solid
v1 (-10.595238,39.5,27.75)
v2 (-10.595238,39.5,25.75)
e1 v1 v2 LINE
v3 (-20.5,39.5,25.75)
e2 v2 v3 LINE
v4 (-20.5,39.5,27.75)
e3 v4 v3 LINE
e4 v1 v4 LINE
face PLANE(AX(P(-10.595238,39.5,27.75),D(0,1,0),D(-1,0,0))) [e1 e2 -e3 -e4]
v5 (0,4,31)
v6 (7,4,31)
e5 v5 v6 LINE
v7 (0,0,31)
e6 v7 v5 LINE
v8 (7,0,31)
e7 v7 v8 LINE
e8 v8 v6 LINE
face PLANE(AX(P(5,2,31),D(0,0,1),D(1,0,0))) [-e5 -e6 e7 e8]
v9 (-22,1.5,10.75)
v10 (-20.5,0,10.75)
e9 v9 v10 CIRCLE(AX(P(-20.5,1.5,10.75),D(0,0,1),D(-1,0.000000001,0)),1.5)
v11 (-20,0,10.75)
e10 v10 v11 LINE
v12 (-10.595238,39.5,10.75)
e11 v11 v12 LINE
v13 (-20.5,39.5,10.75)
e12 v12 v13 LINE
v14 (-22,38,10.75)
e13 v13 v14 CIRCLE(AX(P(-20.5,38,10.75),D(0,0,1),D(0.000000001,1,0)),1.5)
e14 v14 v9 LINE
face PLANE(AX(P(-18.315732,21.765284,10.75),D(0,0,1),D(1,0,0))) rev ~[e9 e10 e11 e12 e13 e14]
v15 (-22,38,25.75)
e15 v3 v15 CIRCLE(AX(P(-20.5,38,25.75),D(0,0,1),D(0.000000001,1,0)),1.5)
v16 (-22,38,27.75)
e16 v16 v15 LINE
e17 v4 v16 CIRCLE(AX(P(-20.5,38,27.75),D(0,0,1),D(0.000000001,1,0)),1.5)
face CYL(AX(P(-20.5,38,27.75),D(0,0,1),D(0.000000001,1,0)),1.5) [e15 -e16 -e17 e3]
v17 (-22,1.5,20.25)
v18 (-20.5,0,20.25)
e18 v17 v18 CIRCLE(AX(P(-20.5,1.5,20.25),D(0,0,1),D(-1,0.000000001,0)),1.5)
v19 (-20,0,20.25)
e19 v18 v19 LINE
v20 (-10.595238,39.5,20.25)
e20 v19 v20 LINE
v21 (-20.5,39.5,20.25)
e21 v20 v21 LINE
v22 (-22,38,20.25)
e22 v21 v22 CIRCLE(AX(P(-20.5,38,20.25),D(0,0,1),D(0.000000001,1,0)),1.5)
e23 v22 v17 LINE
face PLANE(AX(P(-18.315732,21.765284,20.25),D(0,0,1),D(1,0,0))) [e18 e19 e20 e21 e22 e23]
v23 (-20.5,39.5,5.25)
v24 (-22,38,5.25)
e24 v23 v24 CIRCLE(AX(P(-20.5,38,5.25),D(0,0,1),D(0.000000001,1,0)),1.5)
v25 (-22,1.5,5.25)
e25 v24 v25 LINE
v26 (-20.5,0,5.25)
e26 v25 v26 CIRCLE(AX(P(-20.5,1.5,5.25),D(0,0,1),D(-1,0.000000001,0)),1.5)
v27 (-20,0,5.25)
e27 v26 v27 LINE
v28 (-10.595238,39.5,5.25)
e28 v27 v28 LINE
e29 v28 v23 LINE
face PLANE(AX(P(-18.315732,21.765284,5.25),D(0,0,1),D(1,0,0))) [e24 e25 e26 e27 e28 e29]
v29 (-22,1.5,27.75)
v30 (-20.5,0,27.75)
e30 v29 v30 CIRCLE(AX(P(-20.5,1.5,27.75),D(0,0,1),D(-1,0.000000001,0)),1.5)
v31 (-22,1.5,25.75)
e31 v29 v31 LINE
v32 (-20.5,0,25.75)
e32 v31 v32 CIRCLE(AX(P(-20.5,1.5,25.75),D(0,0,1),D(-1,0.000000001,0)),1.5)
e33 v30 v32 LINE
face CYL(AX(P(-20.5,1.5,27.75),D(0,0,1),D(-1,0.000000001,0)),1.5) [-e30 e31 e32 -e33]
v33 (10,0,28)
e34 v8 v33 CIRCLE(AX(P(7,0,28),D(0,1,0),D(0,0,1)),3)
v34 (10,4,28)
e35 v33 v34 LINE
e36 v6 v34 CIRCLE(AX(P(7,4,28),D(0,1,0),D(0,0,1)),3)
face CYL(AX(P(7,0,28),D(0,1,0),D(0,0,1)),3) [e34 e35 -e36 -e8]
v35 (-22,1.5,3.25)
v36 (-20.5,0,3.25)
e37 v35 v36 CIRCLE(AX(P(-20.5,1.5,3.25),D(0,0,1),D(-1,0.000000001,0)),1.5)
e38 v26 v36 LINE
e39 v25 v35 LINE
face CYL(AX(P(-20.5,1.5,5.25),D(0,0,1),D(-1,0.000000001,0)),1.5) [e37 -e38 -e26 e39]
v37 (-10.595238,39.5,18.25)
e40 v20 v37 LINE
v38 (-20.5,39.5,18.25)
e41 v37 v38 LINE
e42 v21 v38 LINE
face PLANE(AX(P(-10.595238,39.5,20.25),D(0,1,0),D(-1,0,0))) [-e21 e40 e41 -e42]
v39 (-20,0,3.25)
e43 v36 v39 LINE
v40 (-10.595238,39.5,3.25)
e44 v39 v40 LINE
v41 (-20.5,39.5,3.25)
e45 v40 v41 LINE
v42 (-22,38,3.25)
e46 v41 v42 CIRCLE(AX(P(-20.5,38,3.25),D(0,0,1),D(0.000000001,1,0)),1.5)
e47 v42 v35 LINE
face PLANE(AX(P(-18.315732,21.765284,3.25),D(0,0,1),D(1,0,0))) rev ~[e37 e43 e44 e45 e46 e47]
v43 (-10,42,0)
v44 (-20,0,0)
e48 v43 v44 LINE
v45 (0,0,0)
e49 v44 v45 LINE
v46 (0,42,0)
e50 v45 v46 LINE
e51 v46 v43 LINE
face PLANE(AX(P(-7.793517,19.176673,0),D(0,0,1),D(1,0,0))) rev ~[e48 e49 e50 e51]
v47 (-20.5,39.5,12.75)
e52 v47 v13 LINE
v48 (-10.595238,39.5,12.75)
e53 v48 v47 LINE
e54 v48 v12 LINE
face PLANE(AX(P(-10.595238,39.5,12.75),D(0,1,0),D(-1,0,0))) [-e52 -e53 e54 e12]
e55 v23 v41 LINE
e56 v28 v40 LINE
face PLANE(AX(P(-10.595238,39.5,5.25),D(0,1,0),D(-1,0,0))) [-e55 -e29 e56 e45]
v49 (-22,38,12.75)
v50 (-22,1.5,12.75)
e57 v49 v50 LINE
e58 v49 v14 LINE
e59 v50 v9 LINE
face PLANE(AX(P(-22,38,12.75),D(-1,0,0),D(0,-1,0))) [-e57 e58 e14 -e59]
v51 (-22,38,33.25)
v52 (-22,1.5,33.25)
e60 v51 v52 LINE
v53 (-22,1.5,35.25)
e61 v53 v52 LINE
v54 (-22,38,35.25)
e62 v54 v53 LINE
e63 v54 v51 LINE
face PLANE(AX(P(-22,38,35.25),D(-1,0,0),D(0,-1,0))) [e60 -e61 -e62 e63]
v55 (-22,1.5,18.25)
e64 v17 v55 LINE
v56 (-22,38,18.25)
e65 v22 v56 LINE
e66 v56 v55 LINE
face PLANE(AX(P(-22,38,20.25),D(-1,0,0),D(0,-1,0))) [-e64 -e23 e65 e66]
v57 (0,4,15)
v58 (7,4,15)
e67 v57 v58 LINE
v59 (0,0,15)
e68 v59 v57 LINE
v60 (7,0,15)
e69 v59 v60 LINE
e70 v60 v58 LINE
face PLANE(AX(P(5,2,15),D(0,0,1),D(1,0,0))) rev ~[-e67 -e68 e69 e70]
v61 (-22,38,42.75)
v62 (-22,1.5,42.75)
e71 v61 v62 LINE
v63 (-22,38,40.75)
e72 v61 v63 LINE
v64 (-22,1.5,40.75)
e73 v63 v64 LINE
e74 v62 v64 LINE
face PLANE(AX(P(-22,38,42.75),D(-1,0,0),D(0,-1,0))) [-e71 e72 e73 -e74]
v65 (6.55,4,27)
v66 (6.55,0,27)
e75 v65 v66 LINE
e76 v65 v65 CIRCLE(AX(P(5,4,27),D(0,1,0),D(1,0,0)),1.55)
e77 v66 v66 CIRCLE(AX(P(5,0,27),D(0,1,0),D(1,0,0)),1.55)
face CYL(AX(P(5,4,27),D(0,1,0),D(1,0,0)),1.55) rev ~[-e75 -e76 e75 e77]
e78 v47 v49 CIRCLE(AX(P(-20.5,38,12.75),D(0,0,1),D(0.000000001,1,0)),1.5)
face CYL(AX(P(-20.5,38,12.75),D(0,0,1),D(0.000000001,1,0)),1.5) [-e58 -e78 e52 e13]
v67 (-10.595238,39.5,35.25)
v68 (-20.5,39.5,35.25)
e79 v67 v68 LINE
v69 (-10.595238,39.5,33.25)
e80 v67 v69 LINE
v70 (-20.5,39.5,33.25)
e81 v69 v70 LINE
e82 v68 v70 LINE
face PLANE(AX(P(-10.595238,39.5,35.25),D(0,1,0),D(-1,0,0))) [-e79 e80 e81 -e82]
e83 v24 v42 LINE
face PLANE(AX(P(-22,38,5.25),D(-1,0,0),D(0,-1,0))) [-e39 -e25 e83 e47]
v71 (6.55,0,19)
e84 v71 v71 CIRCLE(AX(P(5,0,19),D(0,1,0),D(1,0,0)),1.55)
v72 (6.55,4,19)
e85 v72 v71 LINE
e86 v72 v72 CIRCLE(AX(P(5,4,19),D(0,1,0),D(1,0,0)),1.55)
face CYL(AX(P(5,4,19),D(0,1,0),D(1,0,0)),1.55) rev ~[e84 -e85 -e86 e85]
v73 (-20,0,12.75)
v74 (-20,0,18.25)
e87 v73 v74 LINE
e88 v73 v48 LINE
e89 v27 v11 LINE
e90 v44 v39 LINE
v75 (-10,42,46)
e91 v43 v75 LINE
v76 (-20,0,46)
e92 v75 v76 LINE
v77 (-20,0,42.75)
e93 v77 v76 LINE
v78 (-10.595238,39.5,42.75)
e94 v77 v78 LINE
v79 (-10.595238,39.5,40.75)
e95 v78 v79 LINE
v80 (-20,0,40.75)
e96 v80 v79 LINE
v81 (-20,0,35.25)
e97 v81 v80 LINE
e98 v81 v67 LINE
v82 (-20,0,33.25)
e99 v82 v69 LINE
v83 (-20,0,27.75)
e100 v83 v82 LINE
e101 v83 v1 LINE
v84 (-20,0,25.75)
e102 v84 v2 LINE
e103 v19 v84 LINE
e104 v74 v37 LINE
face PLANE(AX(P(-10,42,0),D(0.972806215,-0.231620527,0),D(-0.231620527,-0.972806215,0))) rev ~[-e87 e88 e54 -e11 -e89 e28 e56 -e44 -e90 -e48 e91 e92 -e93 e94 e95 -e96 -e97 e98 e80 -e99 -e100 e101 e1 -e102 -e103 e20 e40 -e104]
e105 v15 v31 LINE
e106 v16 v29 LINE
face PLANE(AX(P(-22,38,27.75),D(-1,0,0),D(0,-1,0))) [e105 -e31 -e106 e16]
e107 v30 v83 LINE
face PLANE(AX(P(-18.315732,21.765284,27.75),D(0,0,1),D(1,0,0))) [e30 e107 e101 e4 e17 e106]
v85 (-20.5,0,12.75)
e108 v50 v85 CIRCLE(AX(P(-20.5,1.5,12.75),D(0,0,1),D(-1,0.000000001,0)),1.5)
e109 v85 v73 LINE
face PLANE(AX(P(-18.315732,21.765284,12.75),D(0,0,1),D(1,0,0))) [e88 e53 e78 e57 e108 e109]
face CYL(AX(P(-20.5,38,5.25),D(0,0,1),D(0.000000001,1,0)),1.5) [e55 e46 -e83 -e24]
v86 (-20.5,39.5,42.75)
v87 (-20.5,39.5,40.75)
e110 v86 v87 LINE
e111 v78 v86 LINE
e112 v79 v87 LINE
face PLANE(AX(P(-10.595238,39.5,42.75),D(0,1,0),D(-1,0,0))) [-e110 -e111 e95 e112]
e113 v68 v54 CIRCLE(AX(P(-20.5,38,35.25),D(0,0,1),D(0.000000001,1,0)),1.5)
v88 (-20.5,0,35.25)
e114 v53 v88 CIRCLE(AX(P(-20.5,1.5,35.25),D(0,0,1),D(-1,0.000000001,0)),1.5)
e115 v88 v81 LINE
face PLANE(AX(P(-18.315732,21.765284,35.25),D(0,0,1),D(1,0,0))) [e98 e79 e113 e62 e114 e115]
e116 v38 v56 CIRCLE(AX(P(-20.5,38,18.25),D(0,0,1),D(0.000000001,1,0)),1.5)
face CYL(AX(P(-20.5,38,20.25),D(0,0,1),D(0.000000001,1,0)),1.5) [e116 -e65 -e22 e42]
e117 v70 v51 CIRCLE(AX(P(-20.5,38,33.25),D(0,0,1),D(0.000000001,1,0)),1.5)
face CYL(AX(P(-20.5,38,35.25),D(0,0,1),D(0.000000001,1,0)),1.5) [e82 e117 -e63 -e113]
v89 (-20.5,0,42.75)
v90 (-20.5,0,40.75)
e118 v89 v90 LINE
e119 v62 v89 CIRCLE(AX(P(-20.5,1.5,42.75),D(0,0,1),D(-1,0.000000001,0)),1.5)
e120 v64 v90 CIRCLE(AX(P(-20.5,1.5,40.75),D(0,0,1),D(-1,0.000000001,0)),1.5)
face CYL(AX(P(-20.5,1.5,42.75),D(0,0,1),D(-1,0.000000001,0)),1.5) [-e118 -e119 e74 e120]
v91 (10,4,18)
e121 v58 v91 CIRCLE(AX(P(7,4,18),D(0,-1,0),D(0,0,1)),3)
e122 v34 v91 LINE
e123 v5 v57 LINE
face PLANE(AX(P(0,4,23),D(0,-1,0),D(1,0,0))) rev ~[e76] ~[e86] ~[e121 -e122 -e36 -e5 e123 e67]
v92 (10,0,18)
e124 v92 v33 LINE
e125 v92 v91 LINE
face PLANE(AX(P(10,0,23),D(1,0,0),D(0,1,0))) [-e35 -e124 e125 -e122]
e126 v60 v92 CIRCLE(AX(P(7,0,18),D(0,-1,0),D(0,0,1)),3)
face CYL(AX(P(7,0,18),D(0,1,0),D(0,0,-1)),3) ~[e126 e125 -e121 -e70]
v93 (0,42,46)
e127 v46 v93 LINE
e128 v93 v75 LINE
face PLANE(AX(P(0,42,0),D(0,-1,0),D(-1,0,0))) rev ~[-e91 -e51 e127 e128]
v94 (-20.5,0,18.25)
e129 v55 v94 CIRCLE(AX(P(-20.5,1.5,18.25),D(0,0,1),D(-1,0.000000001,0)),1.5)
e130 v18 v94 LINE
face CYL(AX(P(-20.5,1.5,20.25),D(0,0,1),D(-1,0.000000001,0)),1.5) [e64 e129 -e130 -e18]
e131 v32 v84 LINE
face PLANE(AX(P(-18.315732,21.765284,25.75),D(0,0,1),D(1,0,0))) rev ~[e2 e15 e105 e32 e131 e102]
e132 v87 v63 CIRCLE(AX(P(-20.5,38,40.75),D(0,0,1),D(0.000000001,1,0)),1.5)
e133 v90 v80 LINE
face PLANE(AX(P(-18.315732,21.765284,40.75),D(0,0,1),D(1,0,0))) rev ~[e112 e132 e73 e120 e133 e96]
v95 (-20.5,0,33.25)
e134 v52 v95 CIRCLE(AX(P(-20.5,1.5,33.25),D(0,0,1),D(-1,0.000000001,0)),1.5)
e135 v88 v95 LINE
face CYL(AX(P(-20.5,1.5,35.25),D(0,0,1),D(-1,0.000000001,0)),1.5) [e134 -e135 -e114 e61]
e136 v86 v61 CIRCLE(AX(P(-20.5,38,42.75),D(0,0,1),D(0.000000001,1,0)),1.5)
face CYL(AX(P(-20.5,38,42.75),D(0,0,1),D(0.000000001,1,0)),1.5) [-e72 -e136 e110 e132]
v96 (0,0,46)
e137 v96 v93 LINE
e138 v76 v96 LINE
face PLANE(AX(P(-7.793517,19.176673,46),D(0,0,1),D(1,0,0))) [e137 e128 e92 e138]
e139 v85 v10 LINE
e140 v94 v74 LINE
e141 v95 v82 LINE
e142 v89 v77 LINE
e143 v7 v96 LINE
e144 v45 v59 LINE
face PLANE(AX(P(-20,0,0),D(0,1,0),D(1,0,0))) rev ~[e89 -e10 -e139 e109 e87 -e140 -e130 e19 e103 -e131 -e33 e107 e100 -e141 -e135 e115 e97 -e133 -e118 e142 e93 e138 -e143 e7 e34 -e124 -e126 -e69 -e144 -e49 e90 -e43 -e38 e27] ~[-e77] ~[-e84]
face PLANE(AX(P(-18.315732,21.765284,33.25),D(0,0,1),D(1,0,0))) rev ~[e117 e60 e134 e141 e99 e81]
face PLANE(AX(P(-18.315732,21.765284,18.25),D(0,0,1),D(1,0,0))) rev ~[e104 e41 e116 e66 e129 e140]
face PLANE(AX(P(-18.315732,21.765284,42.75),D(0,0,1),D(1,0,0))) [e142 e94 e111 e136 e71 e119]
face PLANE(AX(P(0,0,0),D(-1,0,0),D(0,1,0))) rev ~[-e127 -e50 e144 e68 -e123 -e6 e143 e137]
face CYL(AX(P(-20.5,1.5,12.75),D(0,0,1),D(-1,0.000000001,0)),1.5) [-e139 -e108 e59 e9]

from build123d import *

# Parameters (mm, degrees)
BOSS_EXTRUDE1_DEPTH = 46
BOSS_EXTRUDE2_DEPTH = 2
LPATTERN1_COUNT     = 6
LPATTERN1_PITCH     = 7.5
SKETCH3_W           = 10
SKETCH3_H           = 4
BOSS_EXTRUDE3_DEPTH = 8
CUT_EXTRUDE1_REACH  = 6
SKETCH4_R           = 1.55
FILLET1_R           = 3


with BuildPart() as part:
    # Sketch1 → Boss-Extrude1 (new body)
    with BuildSketch(Plane.XY):
        Polygon((0, 0), (0, 42), (-10, 42), (-20, 0), align=None)
    extrude(amount=BOSS_EXTRUDE1_DEPTH)

    # Sketch2 → Boss-Extrude2 (add)
    with BuildSketch(Plane.XY.offset(42.75)):
        with BuildLine():
            Line((-10.595238095, 39.5), (-20.5, 39.5))
            ThreePointArc((-20.5, 39.5), (-21.560660172, 39.060660172), (-22, 38))
            Line((-22, 38), (-22, 1.5))
            ThreePointArc((-22, 1.5), (-21.560660172, 0.439339828), (-20.5, 0))
            Line((-20.5, 0), (-20, 0))
            Line((-20, 0), (-10.595238095, 39.5))
        make_face()
    boss_extrude2 = extrude(amount=-BOSS_EXTRUDE2_DEPTH)

    # LPattern1: Boss-Extrude2 ×6
    with Locations(*[(0, 0, -i * LPATTERN1_PITCH) for i in range(1, LPATTERN1_COUNT)]):
        add(boss_extrude2)

    # Sketch3 → Boss-Extrude3 (add, symmetric)
    with BuildSketch(Plane.XY.offset(23)):
        with Locations((5, 2)):
            Rectangle(SKETCH3_W, SKETCH3_H)
    extrude(amount=BOSS_EXTRUDE3_DEPTH, both=True)

    # Sketch4 → Cut-Extrude1 (cut, up to next)
    with BuildSketch(Plane(origin=(0, 4, 0), x_dir=(1, 0, 0), z_dir=(0, 1, 0)), mode=Mode.PRIVATE) as cut_extrude1_sk1:
        with Locations((5, -19)):
            Circle(SKETCH4_R)
    cut_extrude1_tool1 = extrude(cut_extrude1_sk1.sketch, amount=-CUT_EXTRUDE1_REACH, mode=Mode.PRIVATE) & part.part
    add(cut_extrude1_tool1.solids().sort_by_distance((5, 4, 19))[0], mode=Mode.SUBTRACT)
    # Sketch4 → Cut-Extrude1 (cut, up to next)
    with BuildSketch(Plane(origin=(0, 4, 0), x_dir=(1, 0, 0), z_dir=(0, 1, 0)), mode=Mode.PRIVATE) as cut_extrude1_sk2:
        with Locations((5, -27)):
            Circle(SKETCH4_R)
    cut_extrude1_tool2 = extrude(cut_extrude1_sk2.sketch, amount=-CUT_EXTRUDE1_REACH, mode=Mode.PRIVATE) & part.part
    add(cut_extrude1_tool2.solids().sort_by_distance((5, 4, 27))[0], mode=Mode.SUBTRACT)

    # Fillet1
    fillet1_edges = [part.edges().sort_by_distance(p)[0] for p in [
        (10, 2, 15),
        (10, 2, 31),
    ]]
    fillet(fillet1_edges, radius=FILLET1_R)


solid = part.part
